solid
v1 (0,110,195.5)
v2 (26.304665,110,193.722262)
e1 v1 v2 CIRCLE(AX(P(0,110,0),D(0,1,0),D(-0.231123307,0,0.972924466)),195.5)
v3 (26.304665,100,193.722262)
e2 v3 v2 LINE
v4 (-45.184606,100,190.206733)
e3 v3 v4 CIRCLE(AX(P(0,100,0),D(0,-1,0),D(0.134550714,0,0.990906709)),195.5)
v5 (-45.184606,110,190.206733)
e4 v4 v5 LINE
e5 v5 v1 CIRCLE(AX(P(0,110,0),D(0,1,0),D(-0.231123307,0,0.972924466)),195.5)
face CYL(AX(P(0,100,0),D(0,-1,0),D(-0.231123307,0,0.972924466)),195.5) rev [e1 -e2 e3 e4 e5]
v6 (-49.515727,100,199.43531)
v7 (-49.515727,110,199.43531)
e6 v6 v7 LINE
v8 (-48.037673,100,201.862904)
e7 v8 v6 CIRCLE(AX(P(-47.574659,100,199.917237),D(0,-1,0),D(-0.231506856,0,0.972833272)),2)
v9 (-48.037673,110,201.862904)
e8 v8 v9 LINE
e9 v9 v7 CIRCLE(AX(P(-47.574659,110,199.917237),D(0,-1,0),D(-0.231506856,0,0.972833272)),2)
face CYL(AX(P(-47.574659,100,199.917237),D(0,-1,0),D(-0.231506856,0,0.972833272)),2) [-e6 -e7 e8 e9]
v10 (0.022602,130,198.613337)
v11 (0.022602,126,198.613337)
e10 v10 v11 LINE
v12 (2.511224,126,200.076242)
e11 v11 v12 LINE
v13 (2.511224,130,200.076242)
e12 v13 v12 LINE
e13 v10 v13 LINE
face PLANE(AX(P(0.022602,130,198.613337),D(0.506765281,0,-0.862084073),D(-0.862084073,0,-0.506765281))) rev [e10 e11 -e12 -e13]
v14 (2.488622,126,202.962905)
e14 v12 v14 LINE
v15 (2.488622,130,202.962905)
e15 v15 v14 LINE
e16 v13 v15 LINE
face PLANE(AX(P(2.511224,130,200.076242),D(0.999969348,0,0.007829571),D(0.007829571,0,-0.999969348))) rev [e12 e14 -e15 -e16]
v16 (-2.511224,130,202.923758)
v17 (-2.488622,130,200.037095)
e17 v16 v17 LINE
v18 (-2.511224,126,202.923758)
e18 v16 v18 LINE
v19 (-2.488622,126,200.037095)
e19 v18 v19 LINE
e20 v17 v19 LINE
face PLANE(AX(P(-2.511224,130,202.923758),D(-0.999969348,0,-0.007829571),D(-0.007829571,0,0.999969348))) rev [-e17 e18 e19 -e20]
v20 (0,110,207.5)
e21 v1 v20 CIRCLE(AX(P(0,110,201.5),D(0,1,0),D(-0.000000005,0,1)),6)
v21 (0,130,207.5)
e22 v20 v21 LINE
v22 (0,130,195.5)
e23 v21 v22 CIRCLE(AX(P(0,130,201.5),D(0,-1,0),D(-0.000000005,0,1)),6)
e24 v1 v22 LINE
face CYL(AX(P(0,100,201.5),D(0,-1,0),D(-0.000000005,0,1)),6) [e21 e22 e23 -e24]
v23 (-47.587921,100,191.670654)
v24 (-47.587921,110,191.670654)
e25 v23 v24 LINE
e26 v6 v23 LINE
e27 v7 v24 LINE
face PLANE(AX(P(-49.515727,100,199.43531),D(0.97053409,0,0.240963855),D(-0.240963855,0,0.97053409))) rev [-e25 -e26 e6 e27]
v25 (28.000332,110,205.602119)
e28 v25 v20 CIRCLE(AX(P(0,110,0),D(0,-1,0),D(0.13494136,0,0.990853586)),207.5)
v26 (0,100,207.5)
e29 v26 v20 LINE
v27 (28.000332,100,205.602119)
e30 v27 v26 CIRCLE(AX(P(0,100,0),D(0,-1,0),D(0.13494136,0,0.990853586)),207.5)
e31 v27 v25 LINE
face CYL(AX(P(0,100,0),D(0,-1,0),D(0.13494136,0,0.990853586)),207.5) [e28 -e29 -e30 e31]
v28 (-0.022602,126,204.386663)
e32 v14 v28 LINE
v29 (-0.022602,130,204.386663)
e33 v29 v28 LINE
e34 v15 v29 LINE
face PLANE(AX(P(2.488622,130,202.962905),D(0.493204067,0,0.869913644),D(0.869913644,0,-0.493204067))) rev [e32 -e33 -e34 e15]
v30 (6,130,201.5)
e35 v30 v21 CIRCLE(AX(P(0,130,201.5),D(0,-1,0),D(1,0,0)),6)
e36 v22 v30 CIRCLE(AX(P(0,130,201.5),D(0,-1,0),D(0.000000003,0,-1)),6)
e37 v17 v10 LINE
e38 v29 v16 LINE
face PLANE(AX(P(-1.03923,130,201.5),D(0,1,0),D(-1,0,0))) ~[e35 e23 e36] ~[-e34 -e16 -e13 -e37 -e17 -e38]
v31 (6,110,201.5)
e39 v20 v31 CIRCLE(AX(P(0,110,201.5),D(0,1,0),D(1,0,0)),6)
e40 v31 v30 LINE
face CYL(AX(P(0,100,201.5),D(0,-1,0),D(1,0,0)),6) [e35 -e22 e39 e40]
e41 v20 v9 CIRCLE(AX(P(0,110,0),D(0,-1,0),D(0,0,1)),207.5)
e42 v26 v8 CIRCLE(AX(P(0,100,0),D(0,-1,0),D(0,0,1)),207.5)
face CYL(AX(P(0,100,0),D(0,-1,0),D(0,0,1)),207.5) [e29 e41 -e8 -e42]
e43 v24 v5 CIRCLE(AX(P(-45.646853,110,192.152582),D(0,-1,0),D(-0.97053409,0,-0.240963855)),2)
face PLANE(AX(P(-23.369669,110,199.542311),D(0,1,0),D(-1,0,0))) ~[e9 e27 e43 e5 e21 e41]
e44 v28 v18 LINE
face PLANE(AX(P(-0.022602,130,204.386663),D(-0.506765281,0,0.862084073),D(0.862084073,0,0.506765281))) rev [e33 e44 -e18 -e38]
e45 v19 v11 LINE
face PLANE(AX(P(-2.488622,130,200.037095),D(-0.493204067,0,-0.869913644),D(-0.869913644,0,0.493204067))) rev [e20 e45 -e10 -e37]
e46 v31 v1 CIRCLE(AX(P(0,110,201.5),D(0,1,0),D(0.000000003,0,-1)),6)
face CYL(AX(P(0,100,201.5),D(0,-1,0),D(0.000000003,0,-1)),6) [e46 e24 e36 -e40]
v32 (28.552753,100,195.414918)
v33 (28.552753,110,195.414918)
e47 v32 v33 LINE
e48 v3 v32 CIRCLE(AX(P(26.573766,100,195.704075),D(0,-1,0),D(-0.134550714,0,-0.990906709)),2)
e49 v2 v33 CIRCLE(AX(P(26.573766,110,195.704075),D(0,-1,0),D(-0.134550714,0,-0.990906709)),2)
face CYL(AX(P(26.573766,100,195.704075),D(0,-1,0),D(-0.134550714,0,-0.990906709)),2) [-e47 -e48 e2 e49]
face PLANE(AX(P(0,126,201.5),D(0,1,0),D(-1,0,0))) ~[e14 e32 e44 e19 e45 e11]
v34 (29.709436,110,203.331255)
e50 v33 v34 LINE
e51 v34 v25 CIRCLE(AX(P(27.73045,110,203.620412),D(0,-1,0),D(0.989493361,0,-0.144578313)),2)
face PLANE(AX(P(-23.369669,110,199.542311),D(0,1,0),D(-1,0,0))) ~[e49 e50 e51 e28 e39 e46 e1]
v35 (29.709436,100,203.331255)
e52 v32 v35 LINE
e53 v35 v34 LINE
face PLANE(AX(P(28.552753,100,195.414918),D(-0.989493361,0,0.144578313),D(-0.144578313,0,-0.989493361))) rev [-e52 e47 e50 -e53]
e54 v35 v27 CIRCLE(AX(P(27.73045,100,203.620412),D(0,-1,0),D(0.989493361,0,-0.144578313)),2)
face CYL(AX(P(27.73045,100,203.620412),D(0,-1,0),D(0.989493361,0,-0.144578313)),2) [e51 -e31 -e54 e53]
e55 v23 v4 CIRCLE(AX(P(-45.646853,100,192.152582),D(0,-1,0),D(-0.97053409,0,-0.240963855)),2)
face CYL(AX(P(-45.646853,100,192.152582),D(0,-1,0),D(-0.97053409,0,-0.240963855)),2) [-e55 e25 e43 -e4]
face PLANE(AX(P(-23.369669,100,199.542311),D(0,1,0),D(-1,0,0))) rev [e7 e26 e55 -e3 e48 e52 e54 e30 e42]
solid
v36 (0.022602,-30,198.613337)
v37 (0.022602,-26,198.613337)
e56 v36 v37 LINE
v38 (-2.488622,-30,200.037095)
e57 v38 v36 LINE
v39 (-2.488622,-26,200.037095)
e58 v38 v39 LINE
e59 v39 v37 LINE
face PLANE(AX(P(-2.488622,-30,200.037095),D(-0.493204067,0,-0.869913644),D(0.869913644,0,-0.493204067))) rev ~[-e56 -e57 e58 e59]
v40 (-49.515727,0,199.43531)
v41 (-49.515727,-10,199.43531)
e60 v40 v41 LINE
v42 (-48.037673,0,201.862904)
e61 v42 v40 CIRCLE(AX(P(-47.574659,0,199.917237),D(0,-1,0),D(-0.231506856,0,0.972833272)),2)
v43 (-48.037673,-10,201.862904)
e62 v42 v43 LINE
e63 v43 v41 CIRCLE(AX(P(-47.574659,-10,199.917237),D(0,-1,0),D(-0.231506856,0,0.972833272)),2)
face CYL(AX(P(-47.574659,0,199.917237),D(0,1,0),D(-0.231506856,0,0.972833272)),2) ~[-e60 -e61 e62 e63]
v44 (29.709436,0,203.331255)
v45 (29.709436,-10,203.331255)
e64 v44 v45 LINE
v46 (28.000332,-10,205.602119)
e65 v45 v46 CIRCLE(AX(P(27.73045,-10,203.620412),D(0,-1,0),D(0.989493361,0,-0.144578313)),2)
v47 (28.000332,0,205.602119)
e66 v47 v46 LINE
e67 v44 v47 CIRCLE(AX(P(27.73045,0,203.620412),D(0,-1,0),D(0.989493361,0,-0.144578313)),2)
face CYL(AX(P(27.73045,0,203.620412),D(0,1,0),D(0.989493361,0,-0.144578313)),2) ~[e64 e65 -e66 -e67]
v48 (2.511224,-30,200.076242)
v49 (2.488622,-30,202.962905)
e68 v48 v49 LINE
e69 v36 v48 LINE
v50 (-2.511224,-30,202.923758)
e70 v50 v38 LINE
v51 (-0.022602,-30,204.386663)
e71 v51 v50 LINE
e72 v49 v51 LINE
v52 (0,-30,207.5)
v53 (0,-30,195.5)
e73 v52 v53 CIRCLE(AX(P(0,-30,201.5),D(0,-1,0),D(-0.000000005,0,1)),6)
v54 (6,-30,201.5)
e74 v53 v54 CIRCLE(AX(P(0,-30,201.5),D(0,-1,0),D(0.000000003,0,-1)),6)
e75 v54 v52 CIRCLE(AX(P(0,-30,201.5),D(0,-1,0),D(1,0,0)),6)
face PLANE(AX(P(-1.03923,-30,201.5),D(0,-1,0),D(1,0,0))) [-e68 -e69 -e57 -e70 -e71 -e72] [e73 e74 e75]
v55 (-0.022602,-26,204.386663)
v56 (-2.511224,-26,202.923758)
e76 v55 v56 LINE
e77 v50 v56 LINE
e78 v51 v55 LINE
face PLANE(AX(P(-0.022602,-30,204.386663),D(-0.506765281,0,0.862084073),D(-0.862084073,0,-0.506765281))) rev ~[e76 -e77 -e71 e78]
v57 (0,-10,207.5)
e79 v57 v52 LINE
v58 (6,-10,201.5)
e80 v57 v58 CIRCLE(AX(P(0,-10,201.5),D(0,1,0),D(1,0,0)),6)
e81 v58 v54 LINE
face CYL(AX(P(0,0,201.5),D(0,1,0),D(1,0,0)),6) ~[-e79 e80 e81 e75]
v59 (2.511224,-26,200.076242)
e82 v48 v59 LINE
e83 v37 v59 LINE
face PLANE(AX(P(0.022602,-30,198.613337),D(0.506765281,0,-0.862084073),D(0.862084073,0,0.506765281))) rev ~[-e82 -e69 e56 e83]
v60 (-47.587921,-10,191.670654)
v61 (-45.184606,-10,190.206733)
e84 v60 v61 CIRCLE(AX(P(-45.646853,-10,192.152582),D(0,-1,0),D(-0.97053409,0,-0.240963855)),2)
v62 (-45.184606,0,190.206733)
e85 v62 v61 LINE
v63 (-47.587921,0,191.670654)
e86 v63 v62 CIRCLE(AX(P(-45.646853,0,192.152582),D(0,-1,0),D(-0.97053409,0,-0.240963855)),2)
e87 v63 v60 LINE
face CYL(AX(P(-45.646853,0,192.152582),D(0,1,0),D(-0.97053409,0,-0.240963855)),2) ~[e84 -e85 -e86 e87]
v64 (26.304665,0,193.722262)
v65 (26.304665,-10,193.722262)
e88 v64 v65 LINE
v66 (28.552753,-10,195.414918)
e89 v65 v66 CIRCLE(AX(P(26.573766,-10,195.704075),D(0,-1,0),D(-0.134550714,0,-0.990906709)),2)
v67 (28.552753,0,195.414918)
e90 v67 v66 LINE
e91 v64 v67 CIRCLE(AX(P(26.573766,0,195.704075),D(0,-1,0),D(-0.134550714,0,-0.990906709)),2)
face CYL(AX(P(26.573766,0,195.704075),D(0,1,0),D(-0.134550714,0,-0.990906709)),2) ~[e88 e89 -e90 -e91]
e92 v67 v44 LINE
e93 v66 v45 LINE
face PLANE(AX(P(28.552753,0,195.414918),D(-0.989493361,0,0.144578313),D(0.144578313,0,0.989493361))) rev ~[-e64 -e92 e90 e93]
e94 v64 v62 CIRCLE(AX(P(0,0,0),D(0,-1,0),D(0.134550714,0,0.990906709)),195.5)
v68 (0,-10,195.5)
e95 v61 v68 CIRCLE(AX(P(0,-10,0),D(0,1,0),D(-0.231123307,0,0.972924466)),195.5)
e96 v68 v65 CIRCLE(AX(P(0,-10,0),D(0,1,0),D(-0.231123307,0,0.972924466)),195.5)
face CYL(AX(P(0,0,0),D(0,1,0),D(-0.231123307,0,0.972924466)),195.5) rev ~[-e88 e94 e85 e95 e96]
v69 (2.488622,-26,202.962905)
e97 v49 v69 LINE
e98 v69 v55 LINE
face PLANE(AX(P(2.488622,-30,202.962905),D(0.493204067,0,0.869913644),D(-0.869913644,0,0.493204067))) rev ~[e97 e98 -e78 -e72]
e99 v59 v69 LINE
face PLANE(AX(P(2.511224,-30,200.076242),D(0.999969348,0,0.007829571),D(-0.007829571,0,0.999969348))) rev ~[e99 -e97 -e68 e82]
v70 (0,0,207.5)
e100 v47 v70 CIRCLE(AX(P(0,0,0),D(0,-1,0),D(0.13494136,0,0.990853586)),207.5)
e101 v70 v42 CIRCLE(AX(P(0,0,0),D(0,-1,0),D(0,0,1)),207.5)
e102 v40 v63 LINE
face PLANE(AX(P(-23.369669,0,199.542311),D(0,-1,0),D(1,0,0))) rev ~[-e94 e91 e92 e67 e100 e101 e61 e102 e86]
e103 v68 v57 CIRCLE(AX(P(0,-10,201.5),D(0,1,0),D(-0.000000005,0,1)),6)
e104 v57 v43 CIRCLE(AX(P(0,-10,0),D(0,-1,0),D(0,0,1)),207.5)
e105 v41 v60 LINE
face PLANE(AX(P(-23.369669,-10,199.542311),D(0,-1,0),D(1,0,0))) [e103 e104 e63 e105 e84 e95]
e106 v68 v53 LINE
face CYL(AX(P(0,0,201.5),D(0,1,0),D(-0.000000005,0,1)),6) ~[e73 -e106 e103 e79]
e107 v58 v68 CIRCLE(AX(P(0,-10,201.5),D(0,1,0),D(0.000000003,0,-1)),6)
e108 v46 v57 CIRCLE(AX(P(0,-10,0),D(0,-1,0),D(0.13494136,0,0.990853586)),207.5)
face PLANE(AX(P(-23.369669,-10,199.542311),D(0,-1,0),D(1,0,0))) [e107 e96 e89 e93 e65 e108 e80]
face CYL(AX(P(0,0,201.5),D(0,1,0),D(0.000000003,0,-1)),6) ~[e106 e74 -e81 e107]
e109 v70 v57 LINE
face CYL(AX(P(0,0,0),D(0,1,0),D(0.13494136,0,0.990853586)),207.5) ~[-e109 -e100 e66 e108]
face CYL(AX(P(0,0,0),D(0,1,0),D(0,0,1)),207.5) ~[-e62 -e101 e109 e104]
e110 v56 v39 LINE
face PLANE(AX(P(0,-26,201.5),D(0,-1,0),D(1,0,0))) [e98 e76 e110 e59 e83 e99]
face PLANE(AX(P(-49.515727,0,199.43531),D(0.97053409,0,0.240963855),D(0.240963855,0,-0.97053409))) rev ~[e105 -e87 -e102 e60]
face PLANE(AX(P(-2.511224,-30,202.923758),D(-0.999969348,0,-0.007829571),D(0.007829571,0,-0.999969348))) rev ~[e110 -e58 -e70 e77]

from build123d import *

# Parameters (mm, degrees)
F1_DEPTH = 10
F2_DEPTH = 30
F4_DEPTH = 4


with BuildPart() as f1:
    # F0 (on Front) → F1 (new body)
    with BuildSketch(Plane.XZ):
        with BuildLine():
            ThreePointArc((-45.1846064491, 190.2067331617), (-22.7467983043, 194.1721740284), (1.54e-08, 195.5))
            ThreePointArc((1.54e-08, 195.5), (-6, 201.4999999777), (-2.92e-08, 207.5))
            ThreePointArc((-2.92e-08, 207.5), (-24.1836455313, 206.0859075454), (-48.037672618, 201.8629039954))
            ThreePointArc((-48.037672618, 201.8629039954), (-49.2829346167, 200.9573307622), (-49.5157270866, 199.43530974))
            Line((-49.5157270866, 199.43530974), (-47.5879212429, 191.6706543834))
            ThreePointArc((-47.5879212429, 191.6706543834), (-46.6872830902, 190.4445114408), (-45.1846064491, 190.2067331617))
        make_face()
        with BuildLine():
            ThreePointArc((-2.92e-08, 207.5), (-6, 201.4999999777), (1.54e-08, 195.5))
            Line((0, 195.5), (0, 198.5))
            ThreePointArc((0, 198.5), (-3, 201.5), (0, 204.5))
            Line((0, 204.5), (0, 207.5))
        make_face()
        with BuildLine():
            Line((0, 204.5), (0, 198.5))
            ThreePointArc((0, 198.5), (2.1213203436, 199.3786796564), (3, 201.5))
            ThreePointArc((3, 201.5), (2.1213203436, 203.6213203436), (0, 204.5))
        make_face()
        with BuildLine():
            ThreePointArc((0, 204.5), (-3, 201.5), (0, 198.5))
            Line((0, 198.5), (0, 204.5))
        make_face()
        with BuildLine():
            Line((0, 198.5), (0, 195.5))
            ThreePointArc((1.54e-08, 195.5), (4.2426406926, 197.2573593183), (6, 201.5))
            ThreePointArc((6, 201.5), (4.2426406768, 205.7426406975), (-2.92e-08, 207.5))
            Line((0, 207.5), (0, 204.5))
            ThreePointArc((0, 204.5), (2.1213203436, 203.6213203436), (3, 201.5))
            ThreePointArc((3, 201.5), (2.1213203436, 199.3786796564), (0, 198.5))
        make_face()
        with BuildLine():
            ThreePointArc((6, 201.5), (4.2426406926, 197.2573593183), (1.54e-08, 195.5))
            ThreePointArc((1.54e-08, 195.5), (13.1823341475, 195.0550590639), (26.3046645958, 193.7222615512))
            ThreePointArc((26.3046645958, 193.7222615512), (27.7767617356, 194.1063261405), (28.5527527457, 195.4149183421))
            Line((28.5527527457, 195.4149183421), (29.709436252, 203.3312553386))
            ThreePointArc((29.709436252, 203.3312553386), (29.3284354626, 204.823092704), (28.0003322506, 205.6021191376))
            ThreePointArc((28.0003322506, 205.6021191376), (14.03228916, 207.0249860788), (-2.92e-08, 207.5))
            ThreePointArc((-2.92e-08, 207.5), (4.2426406768, 205.7426406975), (6, 201.5))
        make_face()
    extrude(amount=F1_DEPTH)

    # F0 (on Front) → F2 (join)
    with BuildSketch(Plane.XZ):
        with BuildLine():
            ThreePointArc((0, 204.5), (-3, 201.5), (0, 198.5))
            Line((0, 198.5), (0, 204.5))
        make_face()
        with BuildLine():
            Line((0, 204.5), (0, 198.5))
            ThreePointArc((0, 198.5), (2.1213203436, 199.3786796564), (3, 201.5))
            ThreePointArc((3, 201.5), (2.1213203436, 203.6213203436), (0, 204.5))
        make_face()
        with BuildLine():
            ThreePointArc((-2.92e-08, 207.5), (-6, 201.4999999777), (1.54e-08, 195.5))
            Line((0, 195.5), (0, 198.5))
            ThreePointArc((0, 198.5), (-3, 201.5), (0, 204.5))
            Line((0, 204.5), (0, 207.5))
        make_face()
        with BuildLine():
            Line((0, 198.5), (0, 195.5))
            ThreePointArc((1.54e-08, 195.5), (4.2426406926, 197.2573593183), (6, 201.5))
            ThreePointArc((6, 201.5), (4.2426406768, 205.7426406975), (-2.92e-08, 207.5))
            Line((0, 207.5), (0, 204.5))
            ThreePointArc((0, 204.5), (2.1213203436, 203.6213203436), (3, 201.5))
            ThreePointArc((3, 201.5), (2.1213203436, 199.3786796564), (0, 198.5))
        make_face()
    extrude(amount=F2_DEPTH)

    # F3 (on face) → F4 (cut)
    with BuildSketch(Plane.XZ.offset(30)):
        Polygon((0.0226020234, 198.6133371375), (2.5112243828, 200.0762424952), (2.4886223594, 202.9629053577), (-0.0226020234, 204.3866628625), (-2.5112243828, 202.9237575048), (-2.4886223594, 200.0370946423), align=None)
    extrude(amount=-F4_DEPTH, mode=Mode.SUBTRACT)


with BuildPart() as f6_1:
    # F6: instance of F1
    add(f1.part.mirror(Plane.XZ.offset(-50)))


solid = Compound([f1.part, f6_1.part])
